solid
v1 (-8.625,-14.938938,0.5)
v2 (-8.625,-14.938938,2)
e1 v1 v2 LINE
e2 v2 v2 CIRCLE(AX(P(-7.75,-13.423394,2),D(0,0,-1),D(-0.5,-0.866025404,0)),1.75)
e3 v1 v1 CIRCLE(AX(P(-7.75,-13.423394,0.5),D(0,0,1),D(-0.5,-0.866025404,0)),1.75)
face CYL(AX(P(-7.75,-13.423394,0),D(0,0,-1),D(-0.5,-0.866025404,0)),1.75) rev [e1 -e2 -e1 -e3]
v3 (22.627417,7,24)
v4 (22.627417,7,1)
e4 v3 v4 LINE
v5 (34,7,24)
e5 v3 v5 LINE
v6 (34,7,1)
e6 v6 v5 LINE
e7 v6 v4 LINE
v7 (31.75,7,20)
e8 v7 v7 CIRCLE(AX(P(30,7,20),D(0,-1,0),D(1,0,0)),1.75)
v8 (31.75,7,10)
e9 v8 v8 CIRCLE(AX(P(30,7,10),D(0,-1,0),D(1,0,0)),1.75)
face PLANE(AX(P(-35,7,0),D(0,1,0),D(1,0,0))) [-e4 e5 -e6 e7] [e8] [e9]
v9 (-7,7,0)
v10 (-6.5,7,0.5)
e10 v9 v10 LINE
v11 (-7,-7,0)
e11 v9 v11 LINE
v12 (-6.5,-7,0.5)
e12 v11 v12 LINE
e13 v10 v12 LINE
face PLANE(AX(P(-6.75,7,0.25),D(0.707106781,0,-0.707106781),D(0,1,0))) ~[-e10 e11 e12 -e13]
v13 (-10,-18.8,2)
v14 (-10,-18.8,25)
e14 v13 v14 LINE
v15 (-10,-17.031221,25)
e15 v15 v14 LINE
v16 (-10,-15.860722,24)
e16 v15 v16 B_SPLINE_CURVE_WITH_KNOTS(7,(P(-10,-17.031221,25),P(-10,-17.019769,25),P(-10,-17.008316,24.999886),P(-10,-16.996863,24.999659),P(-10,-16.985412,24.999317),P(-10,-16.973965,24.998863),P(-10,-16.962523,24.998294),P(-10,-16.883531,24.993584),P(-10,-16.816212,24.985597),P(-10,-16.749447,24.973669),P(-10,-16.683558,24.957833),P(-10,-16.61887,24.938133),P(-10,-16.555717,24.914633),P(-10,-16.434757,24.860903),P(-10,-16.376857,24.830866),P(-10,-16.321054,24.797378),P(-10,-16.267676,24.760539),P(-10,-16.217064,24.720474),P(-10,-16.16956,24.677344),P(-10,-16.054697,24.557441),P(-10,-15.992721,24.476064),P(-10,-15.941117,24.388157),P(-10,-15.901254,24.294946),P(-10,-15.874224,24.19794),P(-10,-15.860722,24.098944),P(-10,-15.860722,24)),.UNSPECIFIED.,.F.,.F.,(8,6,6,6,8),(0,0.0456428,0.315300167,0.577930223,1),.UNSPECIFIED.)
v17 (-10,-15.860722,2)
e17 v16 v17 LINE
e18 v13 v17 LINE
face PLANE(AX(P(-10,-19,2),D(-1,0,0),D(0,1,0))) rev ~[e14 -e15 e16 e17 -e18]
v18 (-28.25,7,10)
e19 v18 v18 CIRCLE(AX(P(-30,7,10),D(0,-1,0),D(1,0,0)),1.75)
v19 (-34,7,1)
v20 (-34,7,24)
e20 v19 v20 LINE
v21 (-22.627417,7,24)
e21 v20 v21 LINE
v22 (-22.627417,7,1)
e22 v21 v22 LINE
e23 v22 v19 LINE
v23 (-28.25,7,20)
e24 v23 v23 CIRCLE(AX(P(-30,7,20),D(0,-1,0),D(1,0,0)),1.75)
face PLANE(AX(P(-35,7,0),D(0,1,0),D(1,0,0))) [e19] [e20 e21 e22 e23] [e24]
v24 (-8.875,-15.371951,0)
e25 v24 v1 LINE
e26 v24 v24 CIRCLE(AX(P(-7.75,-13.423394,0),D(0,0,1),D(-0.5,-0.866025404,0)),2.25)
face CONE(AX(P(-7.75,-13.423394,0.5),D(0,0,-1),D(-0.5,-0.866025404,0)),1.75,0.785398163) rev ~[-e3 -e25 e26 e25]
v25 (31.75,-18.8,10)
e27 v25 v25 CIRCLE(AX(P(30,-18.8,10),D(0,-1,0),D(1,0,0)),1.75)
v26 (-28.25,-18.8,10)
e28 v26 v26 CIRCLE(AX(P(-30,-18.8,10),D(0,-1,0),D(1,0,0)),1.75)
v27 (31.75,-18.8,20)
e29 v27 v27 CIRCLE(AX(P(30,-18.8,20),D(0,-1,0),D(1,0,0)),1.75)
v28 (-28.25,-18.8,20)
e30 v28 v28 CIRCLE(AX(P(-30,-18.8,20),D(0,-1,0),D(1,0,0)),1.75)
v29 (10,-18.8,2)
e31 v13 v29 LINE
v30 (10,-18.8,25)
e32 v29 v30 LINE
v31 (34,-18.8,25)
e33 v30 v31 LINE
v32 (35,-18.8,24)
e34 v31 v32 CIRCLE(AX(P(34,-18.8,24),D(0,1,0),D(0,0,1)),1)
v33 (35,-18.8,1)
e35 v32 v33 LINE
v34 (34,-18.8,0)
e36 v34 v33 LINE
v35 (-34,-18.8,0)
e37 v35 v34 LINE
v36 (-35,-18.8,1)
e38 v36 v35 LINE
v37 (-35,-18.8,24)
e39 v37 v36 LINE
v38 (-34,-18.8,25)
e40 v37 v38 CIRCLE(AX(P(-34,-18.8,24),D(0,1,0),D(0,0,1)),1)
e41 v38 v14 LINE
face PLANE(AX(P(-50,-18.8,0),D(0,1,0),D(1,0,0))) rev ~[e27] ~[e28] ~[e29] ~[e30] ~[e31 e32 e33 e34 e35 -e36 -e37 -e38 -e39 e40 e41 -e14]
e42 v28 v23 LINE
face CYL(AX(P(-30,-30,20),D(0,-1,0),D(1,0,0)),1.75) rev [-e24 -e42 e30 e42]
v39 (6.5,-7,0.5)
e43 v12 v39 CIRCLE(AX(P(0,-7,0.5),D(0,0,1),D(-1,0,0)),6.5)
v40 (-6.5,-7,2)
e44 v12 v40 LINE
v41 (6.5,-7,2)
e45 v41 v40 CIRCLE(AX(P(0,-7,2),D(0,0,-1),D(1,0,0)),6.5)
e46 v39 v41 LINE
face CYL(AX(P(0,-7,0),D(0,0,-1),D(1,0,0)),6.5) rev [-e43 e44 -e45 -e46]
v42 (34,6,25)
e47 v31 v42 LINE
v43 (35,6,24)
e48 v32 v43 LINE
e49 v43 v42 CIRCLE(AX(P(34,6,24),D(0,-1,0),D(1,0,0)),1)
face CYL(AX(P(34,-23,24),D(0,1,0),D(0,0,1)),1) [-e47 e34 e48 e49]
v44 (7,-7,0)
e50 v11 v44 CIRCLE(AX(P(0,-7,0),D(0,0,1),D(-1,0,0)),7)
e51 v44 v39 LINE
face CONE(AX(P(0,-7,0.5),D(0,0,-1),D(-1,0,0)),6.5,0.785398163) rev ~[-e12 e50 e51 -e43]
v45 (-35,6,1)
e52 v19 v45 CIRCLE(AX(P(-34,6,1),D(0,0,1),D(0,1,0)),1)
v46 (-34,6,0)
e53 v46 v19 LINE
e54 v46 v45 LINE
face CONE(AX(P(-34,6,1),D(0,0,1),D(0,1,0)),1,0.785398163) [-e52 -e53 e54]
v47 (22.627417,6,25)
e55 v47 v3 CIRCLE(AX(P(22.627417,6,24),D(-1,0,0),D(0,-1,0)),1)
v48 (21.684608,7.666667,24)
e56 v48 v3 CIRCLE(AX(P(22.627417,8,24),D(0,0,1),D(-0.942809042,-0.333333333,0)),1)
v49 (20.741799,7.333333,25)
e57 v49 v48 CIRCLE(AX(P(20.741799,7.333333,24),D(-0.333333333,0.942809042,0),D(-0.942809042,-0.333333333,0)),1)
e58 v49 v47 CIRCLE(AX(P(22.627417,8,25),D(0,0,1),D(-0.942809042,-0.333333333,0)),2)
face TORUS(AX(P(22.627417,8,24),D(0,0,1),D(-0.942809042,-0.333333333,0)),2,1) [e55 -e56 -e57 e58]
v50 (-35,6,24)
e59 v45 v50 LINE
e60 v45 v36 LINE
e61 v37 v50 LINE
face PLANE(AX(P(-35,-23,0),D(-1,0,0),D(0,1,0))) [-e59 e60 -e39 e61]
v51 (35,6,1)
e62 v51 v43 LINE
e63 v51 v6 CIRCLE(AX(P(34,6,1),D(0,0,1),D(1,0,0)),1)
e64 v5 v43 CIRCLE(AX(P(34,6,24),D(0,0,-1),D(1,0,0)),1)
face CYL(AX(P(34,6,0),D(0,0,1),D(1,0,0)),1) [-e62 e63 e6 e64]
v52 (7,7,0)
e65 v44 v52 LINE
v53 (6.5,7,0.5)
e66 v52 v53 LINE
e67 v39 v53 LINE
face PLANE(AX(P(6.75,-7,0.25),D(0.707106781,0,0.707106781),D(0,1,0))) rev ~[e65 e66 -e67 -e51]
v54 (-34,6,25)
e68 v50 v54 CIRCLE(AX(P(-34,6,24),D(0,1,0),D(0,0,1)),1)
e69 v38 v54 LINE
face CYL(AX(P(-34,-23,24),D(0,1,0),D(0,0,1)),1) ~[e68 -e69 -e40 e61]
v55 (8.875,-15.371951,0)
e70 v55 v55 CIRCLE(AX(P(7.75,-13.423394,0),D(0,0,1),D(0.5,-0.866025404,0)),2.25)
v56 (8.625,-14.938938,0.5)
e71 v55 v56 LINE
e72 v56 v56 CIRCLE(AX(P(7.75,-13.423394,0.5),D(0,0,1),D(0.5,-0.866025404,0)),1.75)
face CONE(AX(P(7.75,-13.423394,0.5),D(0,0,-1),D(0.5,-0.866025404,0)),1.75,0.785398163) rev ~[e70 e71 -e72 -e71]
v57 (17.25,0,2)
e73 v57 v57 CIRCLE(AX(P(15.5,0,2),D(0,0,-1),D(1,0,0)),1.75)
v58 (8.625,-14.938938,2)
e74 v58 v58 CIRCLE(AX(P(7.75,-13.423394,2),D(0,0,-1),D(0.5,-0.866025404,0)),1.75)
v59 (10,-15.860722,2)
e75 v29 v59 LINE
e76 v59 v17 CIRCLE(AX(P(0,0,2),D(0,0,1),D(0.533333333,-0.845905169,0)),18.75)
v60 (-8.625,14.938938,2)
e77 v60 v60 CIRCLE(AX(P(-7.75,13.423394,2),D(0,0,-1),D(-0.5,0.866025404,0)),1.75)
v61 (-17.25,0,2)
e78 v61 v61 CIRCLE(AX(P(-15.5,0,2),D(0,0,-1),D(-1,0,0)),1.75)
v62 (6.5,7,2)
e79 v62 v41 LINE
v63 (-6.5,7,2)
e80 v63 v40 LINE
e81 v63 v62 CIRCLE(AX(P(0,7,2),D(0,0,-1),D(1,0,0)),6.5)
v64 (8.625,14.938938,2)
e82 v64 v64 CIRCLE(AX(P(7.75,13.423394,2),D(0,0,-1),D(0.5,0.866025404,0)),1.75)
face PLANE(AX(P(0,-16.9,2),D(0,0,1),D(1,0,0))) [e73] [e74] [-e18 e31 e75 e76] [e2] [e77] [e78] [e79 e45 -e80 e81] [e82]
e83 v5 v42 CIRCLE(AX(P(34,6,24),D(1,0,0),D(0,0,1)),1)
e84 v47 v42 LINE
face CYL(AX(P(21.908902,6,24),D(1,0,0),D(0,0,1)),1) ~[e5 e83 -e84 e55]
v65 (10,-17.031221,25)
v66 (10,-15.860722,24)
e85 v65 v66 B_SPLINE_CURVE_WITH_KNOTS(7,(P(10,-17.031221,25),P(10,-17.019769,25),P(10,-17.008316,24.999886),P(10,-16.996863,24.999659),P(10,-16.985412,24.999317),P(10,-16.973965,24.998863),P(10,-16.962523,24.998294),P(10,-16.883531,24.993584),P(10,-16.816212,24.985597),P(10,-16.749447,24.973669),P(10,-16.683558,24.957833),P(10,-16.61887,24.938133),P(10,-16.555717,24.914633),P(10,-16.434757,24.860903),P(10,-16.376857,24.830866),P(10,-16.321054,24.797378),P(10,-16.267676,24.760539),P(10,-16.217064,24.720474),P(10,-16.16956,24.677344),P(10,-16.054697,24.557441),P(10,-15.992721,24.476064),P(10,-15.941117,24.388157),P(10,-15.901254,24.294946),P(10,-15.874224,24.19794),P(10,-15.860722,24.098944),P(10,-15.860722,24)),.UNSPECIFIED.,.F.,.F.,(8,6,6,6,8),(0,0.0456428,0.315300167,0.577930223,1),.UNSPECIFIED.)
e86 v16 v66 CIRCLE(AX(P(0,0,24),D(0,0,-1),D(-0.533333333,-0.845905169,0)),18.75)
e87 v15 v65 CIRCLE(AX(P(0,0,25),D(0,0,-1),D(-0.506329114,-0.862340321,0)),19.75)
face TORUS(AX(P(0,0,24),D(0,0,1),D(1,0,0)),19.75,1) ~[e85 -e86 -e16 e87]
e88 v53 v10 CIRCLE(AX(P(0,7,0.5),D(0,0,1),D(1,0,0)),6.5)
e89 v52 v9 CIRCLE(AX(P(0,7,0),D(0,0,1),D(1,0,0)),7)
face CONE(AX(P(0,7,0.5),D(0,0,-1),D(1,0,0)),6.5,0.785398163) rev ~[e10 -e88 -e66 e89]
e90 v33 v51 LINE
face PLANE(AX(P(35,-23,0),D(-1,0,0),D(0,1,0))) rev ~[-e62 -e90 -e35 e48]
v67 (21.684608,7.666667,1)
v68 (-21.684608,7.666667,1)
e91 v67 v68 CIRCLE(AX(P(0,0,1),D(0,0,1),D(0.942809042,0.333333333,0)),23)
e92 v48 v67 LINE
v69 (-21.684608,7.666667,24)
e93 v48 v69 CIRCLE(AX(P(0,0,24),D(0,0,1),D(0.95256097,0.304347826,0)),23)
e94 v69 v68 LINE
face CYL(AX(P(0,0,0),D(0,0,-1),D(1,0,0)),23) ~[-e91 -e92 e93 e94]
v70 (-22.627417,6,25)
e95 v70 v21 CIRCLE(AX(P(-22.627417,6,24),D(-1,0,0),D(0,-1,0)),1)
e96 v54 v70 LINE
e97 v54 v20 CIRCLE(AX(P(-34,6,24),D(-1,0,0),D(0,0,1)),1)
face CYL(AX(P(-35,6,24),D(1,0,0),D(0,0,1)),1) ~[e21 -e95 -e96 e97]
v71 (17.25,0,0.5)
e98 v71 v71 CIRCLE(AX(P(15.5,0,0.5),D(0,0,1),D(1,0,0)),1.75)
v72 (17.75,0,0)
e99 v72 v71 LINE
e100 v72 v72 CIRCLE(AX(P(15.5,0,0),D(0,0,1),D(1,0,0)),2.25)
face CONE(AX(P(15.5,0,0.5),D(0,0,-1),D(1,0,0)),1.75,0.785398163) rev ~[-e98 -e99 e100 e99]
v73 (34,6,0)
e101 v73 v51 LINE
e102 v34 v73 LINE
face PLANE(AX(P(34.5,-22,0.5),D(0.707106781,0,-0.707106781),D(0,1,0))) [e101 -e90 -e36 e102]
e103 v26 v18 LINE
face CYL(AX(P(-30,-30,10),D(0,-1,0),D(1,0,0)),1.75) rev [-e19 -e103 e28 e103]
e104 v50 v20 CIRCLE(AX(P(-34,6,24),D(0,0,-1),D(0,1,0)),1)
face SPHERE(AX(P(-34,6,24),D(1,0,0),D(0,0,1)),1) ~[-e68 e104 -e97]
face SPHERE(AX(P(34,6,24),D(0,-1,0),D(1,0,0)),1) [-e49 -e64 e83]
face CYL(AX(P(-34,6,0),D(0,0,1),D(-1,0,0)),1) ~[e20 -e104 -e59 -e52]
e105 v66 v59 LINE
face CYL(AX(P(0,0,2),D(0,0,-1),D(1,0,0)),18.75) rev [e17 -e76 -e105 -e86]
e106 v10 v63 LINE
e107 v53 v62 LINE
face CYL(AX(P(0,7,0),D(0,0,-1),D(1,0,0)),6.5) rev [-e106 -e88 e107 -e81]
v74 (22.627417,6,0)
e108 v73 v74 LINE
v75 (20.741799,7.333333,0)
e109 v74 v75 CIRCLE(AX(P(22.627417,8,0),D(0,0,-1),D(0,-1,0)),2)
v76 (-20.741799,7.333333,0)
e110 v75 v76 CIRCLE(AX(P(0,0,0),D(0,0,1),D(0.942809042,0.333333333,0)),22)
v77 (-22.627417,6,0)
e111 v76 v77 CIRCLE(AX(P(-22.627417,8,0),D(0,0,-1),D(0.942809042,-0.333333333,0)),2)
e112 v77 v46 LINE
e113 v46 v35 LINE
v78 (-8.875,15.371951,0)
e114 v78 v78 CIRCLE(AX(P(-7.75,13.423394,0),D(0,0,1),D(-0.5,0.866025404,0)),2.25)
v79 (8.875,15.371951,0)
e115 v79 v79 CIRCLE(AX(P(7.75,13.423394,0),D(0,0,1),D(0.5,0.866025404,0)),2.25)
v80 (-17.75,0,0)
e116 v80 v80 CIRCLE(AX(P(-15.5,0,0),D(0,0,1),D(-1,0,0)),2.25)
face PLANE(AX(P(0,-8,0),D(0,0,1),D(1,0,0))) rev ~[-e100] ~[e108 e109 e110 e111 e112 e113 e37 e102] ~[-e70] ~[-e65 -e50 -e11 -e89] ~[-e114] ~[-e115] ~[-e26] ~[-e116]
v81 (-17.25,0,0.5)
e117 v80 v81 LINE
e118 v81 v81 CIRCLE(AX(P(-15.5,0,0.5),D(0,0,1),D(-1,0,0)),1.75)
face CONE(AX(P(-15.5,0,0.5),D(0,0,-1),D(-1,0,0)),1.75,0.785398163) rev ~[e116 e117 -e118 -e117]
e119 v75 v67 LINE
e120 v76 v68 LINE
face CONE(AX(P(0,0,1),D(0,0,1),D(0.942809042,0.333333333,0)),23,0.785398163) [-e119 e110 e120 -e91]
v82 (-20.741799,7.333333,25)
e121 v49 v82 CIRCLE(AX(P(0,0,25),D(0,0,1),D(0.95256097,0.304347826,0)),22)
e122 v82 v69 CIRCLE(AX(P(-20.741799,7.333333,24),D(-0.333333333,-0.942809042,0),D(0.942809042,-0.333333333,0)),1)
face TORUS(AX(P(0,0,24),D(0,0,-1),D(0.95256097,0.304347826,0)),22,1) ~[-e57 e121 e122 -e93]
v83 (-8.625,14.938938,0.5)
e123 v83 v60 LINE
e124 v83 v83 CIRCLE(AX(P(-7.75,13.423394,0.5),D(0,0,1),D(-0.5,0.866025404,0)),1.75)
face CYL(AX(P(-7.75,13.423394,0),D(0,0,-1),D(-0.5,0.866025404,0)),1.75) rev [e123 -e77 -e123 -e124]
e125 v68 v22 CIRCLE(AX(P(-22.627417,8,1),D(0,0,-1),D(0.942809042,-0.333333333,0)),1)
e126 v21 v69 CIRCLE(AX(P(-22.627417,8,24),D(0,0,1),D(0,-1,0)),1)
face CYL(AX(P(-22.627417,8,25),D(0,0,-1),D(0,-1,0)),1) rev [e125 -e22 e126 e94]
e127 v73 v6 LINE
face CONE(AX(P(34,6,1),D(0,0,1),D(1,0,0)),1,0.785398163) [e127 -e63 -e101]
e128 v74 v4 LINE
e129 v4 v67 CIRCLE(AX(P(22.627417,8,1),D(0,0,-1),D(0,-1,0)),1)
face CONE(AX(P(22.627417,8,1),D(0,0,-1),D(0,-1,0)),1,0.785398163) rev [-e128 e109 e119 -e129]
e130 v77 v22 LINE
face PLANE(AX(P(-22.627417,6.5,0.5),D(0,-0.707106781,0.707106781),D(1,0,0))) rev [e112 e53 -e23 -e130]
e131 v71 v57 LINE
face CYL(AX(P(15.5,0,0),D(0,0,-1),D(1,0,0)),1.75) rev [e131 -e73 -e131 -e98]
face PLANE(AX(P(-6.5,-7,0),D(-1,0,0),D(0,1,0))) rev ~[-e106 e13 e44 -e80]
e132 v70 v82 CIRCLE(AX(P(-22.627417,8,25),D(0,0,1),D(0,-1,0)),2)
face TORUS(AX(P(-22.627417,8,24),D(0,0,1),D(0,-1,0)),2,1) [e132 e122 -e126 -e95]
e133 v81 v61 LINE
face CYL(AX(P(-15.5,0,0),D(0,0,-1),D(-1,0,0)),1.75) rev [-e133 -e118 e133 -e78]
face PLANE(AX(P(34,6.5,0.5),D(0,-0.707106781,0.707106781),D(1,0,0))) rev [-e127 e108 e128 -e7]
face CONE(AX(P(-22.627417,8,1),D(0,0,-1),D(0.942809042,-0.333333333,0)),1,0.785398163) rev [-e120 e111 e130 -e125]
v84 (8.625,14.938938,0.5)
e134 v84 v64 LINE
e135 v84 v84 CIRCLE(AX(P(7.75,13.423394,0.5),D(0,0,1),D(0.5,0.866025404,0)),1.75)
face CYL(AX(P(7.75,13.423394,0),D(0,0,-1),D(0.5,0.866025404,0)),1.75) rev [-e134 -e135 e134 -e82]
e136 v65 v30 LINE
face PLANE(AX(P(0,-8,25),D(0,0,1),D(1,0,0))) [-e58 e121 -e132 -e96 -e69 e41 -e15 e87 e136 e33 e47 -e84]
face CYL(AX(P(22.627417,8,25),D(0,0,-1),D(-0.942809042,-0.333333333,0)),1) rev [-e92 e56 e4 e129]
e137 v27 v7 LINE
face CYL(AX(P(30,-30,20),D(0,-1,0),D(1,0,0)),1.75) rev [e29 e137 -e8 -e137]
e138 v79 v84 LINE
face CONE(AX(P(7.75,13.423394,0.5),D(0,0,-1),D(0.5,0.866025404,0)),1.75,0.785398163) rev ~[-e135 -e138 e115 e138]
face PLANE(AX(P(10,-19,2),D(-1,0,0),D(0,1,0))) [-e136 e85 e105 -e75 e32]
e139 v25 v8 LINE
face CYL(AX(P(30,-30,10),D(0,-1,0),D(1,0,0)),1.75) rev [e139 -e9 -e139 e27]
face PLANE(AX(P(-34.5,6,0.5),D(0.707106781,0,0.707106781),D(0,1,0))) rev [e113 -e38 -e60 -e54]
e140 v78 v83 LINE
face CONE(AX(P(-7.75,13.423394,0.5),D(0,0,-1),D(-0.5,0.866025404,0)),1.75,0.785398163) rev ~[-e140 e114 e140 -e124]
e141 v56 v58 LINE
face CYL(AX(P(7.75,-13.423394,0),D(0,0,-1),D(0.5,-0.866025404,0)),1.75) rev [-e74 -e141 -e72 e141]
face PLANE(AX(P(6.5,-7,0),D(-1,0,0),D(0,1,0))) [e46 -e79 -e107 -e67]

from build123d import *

# Parameters (mm, degrees)
BOX003_W               = 20
BOX003_H               = 4.2
BOX003_DEPTH           = 25
BOX002_W               = 100
BOX002_H               = 4.2
BOX002_DEPTH           = 25
CYLINDER002_R          = 1.75
CYLINDER002_DEPTH      = 60
CYLINDER002_ROLL_ANGLE = -90
ARRAY_X_COUNT          = 2
ARRAY_X_PITCH          = 60
ARRAY_Z_COUNT          = 2
ARRAY_Z_PITCH          = 10
CYLINDER003_R          = 1.75
CYLINDER003_DEPTH      = 10
ARRAY001_COUNT         = 6
CYLINDER005_R          = 6.5
CYLINDER005_DEPTH      = 10
CYLINDER004_R          = 6.5
CYLINDER004_DEPTH      = 10
BOX001_W               = 13
BOX001_H               = 14
BOX001_DEPTH           = 10
CYLINDER001_R          = 18.75
CYLINDER001_DEPTH      = 25
CYLINDER_R             = 23
CYLINDER_DEPTH         = 25
BOX_W                  = 70
BOX_H                  = 30
BOX_DEPTH              = 25
FILLET_R               = 1
CHAMFER_SIZE           = 1
CHAMFER001_SIZE        = 0.5


with BuildPart() as cubo003:
    # Box003 → Box003 (new body)
    with BuildSketch(Plane(origin=(-10, -19, 2), x_dir=(1, 0, 0), z_dir=(0, 0, 1))):
        with Locations((10, 2.1)):
            Rectangle(BOX003_W, BOX003_H)
    extrude(amount=BOX003_DEPTH)


with BuildPart() as fusion003:
    # Box002 → Box002 (new body)
    with BuildSketch(Plane(origin=(-50, -23, 0), x_dir=(1, 0, 0), z_dir=(0, 0, 1))):
        with Locations((50, 2.1)):
            Rectangle(BOX002_W, BOX002_H)
    extrude(amount=BOX002_DEPTH)

    # Fusion003: union Cubo003
    add(cubo003.part)


with BuildPart() as tornillos:
    # Cylinder002 → Cylinder002 (new body)
    with BuildSketch(Plane.XY):
        Circle(CYLINDER002_R)
    extrude(amount=CYLINDER002_DEPTH)


with BuildPart() as tornillos_1:
    # Cylinder002 roll: moved
    add(tornillos.part.rotate(Axis((0, 0, 0), (1, 0, 0)), CYLINDER002_ROLL_ANGLE))


with BuildPart() as tornillos_2:
    # Cylinder002 placement: moved
    add(tornillos_1.part.moved(Location((-30, -30, 10))))

    # Array X: tornillos ×2


with BuildPart() as tornillos_3:
    add(tornillos_2.part)
    with Locations(*[(i * ARRAY_X_PITCH, 0, 0) for i in range(1, ARRAY_X_COUNT)]):
        add(tornillos_2.part)

    # Array Z: tornillos ×2


with BuildPart() as tornillos_4:
    add(tornillos_3.part)
    with Locations(*[(0, 0, i * ARRAY_Z_PITCH) for i in range(1, ARRAY_Z_COUNT)]):
        add(tornillos_3.part)


with BuildPart() as array001:
    # Cylinder003 → Cylinder003 (new body)
    with BuildSketch(Plane(origin=(15.5, 0, 0), x_dir=(1, 0, 0), z_dir=(0, 0, 1))):
        Circle(CYLINDER003_R)
    extrude(amount=CYLINDER003_DEPTH)

    # Array001: Array001 ×6 about axis
    array001_axis = Axis((0, 0, 0), (0, 0, 1))


with BuildPart() as array001_1:
    add(array001.part)
    for i in range(1, ARRAY001_COUNT):
        add(array001.part.rotate(array001_axis, i * 360 / ARRAY001_COUNT))


with BuildPart() as cilindro005:
    # Cylinder005 → Cylinder005 (new body)
    with BuildSketch(Plane(origin=(0, 7, 0), x_dir=(1, 0, 0), z_dir=(0, 0, 1))):
        Circle(CYLINDER005_R)
    extrude(amount=CYLINDER005_DEPTH)


with BuildPart() as cilindro004:
    # Cylinder004 → Cylinder004 (new body)
    with BuildSketch(Plane(origin=(0, -7, 0), x_dir=(1, 0, 0), z_dir=(0, 0, 1))):
        Circle(CYLINDER004_R)
    extrude(amount=CYLINDER004_DEPTH)


with BuildPart() as fusion002:
    # Box001 → Box001 (new body)
    with BuildSketch(Plane(origin=(-6.5, -7, 0), x_dir=(1, 0, 0), z_dir=(0, 0, 1))):
        with Locations((6.5, 7)):
            Rectangle(BOX001_W, BOX001_H)
    extrude(amount=BOX001_DEPTH)

    # Fusion001: union Cilindro005, Cilindro004
    add(cilindro005.part)
    add(cilindro004.part)

    # Fusion002: union Array001
    add(array001_1.part)


with BuildPart() as cilindro001:
    # Cylinder001 → Cylinder001 (new body)
    with BuildSketch(Plane.XY.offset(2)):
        Circle(CYLINDER001_R)
    extrude(amount=CYLINDER001_DEPTH)


with BuildPart() as cilindro:
    # Cylinder → Cylinder (new body)
    with BuildSketch(Plane.XY):
        Circle(CYLINDER_R)
    extrude(amount=CYLINDER_DEPTH)


with BuildPart() as portamotor:
    # Box → Box (new body)
    with BuildSketch(Plane(origin=(-35, -23, 0), x_dir=(1, 0, 0), z_dir=(0, 0, 1))):
        with Locations((35, 15)):
            Rectangle(BOX_W, BOX_H)
    extrude(amount=BOX_DEPTH)

    # Fusion: union Cilindro
    add(cilindro.part)

    # Cut: cut Cilindro001
    add(cilindro001.part, mode=Mode.SUBTRACT)

    # Fillet
    fillet_edges = [portamotor.edges().sort_by_distance(p)[0] for p in [
        (35, -23, 12.5),
        (35, -8, 25),
        (35, 7, 12.5),
        (-35, -23, 12.5),
        (-28.454451, 7, 25),
        (-35, -8, 25),
        (0, 23, 25),
        (28.454451, 7, 25),
        (-18.75, 0, 25),
        (21.908902, 7, 12.5),
        (-35, 7, 12.5),
        (-21.908902, 7, 12.5),
    ]]
    fillet(fillet_edges, radius=FILLET_R)

    # Chamfer
    chamfer_edges = [portamotor.edges().sort_by_distance(p)[0] for p in [
        (35, -8, 0),
        (-28.313708, 7, 0),
        (-34.707107, 6.707107, 0),
        (-22.050067, 7.183503, 0),
        (-35, -8, 0),
        (0, 23, 0),
        (-34.707107, -22.707107, 0),
        (22.050067, 7.183503, 0),
        (0, -23, 0),
        (28.313708, 7, 0),
        (34.707107, -22.707107, 0),
        (34.707107, 6.707107, 0),
    ]]
    chamfer(chamfer_edges, length=CHAMFER_SIZE)

    # Cut001: cut Fusion002
    add(fusion002.part, mode=Mode.SUBTRACT)

    # Cut002: cut tornillos
    add(tornillos_4.part, mode=Mode.SUBTRACT)

    # Chamfer001
    chamfer001_edges = [portamotor.edges().sort_by_distance(p)[0] for p in [
        (13.75, 0, 0),
        (0, 13.5, 0),
        (6.5, 0, 0),
        (0, -13.5, 0),
        (-6.5, 0, 0),
        (-6.875, -11.907849, 0),
        (6.875, 11.907849, 0),
        (-6.875, 11.907849, 0),
        (6.875, -11.907849, 0),
        (-13.75, 0, 0),
    ]]
    chamfer(chamfer001_edges, length=CHAMFER001_SIZE)

    # Cut003: cut Fusion003
    add(fusion003.part, mode=Mode.SUBTRACT)


solid = portamotor.part
